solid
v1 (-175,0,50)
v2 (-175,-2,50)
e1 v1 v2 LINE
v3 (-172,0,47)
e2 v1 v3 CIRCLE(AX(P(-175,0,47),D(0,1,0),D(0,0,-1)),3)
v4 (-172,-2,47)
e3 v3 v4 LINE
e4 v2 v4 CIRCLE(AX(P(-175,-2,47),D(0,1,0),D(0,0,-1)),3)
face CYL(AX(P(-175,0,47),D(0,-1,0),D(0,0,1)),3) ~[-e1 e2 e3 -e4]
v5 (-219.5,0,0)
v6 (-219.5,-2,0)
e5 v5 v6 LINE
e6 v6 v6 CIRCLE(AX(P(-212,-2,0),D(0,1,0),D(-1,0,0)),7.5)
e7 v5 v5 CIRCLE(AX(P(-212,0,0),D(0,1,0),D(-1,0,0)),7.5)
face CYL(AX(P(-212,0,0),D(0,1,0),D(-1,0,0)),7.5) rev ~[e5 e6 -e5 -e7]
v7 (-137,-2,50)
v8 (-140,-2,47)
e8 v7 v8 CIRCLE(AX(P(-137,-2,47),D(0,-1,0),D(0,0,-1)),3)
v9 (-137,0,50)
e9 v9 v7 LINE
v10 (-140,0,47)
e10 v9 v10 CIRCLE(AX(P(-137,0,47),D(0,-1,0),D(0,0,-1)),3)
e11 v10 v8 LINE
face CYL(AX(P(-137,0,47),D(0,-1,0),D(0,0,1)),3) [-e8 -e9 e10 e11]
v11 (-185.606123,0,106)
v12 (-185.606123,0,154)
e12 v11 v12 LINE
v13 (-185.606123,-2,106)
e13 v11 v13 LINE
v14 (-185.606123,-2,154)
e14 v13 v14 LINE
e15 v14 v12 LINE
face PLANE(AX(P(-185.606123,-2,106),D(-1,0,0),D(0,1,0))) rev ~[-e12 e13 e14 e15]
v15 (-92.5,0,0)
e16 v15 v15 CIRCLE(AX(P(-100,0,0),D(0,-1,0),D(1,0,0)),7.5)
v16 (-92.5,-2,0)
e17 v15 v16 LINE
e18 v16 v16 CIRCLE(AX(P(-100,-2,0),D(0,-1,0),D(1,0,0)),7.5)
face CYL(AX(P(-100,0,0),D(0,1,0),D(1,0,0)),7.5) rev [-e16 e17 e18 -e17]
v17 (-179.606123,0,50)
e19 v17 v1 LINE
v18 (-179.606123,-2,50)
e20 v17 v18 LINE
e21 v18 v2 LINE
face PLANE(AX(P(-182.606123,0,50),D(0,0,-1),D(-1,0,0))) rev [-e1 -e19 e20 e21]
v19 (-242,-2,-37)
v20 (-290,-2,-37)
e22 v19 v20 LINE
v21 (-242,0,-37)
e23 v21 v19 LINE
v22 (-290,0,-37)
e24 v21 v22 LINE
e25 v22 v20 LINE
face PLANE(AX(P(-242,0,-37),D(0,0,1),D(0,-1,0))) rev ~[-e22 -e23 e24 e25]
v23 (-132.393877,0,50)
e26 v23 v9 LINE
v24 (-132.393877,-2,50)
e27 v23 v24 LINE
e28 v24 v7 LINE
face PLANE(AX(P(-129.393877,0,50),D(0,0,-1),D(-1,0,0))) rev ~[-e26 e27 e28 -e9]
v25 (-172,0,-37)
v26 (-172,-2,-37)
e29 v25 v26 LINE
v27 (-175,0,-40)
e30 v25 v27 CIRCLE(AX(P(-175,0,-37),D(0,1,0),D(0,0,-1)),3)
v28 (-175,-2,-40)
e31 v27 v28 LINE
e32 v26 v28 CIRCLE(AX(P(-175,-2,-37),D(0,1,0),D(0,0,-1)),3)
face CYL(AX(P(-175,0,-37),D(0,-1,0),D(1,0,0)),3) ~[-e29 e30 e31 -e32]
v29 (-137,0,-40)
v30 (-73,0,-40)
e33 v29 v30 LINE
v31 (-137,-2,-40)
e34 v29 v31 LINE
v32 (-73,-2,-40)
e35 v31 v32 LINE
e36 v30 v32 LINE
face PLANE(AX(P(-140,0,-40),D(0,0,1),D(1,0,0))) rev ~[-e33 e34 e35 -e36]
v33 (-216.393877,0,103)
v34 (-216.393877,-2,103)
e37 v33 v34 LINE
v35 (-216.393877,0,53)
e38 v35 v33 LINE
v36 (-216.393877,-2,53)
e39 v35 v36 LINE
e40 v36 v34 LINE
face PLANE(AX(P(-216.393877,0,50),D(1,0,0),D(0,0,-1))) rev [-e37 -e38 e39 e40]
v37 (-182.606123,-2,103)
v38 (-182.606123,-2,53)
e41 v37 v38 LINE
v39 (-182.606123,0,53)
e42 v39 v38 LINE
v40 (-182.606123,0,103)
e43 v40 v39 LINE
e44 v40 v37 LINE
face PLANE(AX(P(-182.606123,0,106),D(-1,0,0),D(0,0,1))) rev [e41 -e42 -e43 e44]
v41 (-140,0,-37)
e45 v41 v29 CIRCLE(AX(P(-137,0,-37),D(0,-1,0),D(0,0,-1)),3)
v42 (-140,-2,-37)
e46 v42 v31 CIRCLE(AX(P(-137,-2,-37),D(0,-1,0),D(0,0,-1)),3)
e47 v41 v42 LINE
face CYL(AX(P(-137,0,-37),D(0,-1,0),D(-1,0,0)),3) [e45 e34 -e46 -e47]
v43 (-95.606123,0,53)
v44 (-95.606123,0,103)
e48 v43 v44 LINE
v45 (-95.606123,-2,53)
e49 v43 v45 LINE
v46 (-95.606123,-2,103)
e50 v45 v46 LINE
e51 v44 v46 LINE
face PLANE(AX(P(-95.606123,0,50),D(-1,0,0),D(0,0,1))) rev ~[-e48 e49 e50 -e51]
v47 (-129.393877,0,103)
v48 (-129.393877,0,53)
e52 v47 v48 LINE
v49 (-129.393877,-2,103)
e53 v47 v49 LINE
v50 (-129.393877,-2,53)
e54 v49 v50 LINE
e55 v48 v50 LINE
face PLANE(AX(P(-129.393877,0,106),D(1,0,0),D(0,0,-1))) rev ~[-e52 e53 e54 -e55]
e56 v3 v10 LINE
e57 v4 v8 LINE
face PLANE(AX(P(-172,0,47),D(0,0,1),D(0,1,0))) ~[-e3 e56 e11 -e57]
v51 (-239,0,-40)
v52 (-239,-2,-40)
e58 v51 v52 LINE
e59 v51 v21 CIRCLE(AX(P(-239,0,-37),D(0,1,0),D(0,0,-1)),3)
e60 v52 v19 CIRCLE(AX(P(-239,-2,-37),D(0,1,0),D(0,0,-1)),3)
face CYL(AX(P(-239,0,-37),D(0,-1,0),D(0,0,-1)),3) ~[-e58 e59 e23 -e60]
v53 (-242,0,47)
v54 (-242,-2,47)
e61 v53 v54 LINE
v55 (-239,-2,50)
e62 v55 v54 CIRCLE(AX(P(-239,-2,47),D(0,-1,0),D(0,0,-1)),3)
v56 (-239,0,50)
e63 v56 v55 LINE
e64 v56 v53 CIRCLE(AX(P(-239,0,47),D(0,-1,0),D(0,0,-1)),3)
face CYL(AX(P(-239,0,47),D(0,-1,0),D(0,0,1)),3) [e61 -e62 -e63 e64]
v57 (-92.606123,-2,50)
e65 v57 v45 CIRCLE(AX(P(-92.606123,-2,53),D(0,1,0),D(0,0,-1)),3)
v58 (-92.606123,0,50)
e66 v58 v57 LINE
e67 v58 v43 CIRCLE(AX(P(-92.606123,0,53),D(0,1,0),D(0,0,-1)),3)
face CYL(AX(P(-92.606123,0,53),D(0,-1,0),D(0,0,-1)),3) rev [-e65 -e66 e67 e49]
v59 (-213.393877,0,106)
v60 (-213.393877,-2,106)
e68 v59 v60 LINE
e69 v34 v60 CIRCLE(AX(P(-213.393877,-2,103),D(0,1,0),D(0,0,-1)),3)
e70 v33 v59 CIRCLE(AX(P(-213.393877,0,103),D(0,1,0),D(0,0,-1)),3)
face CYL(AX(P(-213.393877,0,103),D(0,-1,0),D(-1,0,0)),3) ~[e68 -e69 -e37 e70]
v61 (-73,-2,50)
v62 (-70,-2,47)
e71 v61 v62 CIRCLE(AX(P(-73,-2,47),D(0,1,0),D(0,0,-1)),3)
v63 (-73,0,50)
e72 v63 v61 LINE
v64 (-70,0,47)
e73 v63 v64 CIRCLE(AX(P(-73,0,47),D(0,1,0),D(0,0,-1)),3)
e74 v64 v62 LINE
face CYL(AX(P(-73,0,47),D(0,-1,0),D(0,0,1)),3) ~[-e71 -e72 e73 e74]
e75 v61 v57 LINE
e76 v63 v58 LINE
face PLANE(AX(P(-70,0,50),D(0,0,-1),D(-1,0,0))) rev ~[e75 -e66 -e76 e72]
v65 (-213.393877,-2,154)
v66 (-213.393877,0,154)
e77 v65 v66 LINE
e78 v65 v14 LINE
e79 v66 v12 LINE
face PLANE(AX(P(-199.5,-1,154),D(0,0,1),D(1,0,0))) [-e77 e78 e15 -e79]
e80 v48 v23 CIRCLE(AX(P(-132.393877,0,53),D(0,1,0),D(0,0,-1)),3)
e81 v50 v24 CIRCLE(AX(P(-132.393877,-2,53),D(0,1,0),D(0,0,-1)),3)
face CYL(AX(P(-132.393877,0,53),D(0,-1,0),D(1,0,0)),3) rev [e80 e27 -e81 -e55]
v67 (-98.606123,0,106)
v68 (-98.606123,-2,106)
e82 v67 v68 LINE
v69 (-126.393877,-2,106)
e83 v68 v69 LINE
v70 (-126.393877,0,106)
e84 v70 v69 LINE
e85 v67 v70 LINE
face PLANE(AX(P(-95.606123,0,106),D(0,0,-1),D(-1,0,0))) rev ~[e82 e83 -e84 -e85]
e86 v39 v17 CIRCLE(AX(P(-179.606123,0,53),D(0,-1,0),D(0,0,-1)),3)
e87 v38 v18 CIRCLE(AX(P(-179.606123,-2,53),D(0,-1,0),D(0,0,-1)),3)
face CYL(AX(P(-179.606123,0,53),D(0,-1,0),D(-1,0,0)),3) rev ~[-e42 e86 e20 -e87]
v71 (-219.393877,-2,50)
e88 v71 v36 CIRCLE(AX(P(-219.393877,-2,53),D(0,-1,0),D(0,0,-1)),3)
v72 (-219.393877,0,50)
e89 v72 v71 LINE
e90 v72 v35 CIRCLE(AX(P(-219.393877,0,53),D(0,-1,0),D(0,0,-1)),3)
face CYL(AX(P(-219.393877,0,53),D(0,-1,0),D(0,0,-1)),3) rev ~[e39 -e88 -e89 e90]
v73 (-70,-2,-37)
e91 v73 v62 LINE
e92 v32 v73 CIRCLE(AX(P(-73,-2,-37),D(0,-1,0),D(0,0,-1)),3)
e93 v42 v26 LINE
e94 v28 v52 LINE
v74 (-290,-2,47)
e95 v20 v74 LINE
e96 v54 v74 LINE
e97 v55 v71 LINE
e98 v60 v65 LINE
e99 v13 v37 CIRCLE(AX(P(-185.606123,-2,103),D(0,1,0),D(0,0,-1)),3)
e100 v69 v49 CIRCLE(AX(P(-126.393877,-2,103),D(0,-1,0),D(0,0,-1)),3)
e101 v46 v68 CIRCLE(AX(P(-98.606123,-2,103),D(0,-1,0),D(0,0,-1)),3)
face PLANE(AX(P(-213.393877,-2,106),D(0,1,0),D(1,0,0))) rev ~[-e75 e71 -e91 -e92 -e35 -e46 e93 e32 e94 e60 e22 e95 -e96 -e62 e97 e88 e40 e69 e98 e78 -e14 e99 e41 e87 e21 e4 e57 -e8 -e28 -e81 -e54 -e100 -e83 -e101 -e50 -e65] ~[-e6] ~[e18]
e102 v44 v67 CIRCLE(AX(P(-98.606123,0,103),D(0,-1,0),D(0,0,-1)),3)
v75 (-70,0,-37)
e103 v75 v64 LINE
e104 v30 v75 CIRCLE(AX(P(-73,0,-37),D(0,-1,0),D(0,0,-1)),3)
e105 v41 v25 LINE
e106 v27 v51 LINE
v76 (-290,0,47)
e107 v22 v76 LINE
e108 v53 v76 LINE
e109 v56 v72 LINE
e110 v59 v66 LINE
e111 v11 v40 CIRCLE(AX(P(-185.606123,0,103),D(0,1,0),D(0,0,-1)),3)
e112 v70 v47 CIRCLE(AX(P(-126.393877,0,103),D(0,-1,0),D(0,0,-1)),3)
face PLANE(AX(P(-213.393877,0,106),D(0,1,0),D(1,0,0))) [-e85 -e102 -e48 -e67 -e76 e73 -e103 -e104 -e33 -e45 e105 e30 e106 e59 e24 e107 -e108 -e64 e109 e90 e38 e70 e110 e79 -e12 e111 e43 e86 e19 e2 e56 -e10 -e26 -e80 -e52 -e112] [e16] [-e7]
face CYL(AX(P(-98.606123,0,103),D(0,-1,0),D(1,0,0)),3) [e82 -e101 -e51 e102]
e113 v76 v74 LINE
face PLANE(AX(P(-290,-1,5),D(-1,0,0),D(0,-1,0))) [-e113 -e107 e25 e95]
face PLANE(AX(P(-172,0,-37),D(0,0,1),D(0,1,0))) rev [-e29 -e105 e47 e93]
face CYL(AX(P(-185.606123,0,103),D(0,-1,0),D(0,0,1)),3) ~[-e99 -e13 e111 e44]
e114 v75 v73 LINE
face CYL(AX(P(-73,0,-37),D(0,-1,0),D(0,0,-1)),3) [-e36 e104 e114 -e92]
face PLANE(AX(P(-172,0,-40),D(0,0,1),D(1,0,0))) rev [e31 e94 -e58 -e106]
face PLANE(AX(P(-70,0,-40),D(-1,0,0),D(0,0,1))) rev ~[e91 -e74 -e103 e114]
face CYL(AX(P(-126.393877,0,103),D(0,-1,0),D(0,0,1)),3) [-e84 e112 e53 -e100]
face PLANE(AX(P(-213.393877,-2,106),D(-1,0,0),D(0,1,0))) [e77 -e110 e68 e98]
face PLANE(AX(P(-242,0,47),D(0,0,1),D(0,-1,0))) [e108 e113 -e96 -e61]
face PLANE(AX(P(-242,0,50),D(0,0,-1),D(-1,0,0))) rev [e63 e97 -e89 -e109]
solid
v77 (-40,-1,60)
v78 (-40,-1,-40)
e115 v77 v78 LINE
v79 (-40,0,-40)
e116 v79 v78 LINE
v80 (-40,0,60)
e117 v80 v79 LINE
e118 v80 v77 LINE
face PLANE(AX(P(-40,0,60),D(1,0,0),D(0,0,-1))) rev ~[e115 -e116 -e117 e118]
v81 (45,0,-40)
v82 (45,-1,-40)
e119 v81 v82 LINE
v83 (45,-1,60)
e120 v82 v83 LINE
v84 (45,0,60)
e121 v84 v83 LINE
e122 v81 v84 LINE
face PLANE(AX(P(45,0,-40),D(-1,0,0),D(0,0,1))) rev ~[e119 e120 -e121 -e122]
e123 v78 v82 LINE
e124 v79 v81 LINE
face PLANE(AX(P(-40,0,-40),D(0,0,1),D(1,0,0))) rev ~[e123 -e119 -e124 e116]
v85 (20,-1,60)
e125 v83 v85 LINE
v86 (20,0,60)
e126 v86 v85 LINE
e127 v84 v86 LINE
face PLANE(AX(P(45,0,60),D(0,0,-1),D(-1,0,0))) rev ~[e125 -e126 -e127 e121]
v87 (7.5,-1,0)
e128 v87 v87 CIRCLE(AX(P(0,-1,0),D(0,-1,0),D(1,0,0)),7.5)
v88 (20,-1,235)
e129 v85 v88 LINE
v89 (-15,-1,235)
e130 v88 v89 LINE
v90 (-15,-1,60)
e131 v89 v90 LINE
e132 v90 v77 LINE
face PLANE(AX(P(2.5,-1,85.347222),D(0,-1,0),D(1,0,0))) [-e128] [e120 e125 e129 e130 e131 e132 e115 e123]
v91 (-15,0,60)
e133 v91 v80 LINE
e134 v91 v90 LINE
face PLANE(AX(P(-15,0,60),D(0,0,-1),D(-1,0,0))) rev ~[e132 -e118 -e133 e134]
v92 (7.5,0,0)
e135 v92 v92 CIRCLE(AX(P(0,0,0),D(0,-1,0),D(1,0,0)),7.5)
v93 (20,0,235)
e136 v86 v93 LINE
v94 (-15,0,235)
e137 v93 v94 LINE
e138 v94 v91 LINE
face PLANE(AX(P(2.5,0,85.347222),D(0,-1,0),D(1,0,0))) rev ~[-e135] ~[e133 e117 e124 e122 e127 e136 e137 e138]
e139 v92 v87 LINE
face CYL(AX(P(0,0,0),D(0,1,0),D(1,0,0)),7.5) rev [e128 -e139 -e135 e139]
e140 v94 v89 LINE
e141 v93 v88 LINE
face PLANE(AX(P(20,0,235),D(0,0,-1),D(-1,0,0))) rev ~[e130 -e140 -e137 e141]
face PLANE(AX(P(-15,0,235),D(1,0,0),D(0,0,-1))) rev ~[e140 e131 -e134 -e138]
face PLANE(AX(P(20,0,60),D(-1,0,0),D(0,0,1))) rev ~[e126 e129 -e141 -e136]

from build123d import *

# Parameters (mm, degrees)
F0_R      = 7.5
F1_DEPTH  = 1
F2_R      = 7.5
F2_W      = 19
F2_H      = 48
F2_H_2    = 20
F3_DEPTH  = 2
F4_R      = 3
F5_W      = 2
F5_H      = 84
F6_DEPTH  = 16
F8_W      = 2
F8_H      = 84
F9_DEPTH  = 48
F10_W     = 27.787754
F10_H     = 2
F11_DEPTH = 48


with BuildPart() as f1:
    # F0 (on Front) → F1 (new body)
    with BuildSketch(Plane.XZ):
        Polygon((45, 60), (20, 60), (20, 235), (-15, 235), (-15, 60), (-40, 60), (-40, -40), (45, -40), align=None)
        Circle(F0_R, mode=Mode.SUBTRACT)
    extrude(amount=F1_DEPTH)


with BuildPart() as f3:
    # F2 (on Front) → F3 (new body)
    with BuildSketch(Plane.XZ):
        Polygon((-103, 50), (-103, 30), (-122, 30), (-122, 50), (-129.393877, 50), (-140, 50), (-140, -40), (-70, -40), (-70, 50), (-95.606123, 50), align=None)
        with Locations((-100, 0)):
            Circle(F2_R, mode=Mode.SUBTRACT)
        Polygon((-103, 98), (-103, 50), (-95.606123, 50), (-95.606123, 106), (-129.393877, 106), (-129.393877, 50), (-122, 50), (-122, 98), align=None)
        with Locations((-112.5, 74)):
            Rectangle(F2_W, F2_H)
        with Locations((-112.5, 40)):
            Rectangle(F2_W, F2_H_2)
    extrude(amount=F3_DEPTH)

    # F4
    f4_edges = [f3.edges().sort_by_distance(p)[0] for p in [
        (-129.393877, -1, 50),
        (-129.393877, -1, 106),
        (-95.606123, -1, 106),
        (-95.606123, -1, 50),
        (-70, -1, 50),
        (-140, -1, 50),
        (-140, -1, -40),
        (-70, -1, -40),
    ]]
    fillet(f4_edges, radius=F4_R)

    # F5 (on face) → F6 (join)
    with BuildSketch(Plane(origin=(-140, 0, 0), x_dir=(0, -1, 0), z_dir=(-1, 0, 0))):
        with Locations((1, 5)):
            Rectangle(F5_W, F5_H)
    extrude(amount=F6_DEPTH)

    # F7: F3 across face


with BuildPart() as f3_1:
    add(f3.part)
    add(f3.part.mirror(Plane(origin=(-156, -1, 5), x_dir=(0, -1, 0), z_dir=(-1, 0, 0))))

    # F8 (on face) → F9 (join)
    with BuildSketch(Plane(origin=(-242, 0, 0), x_dir=(0, -1, 0), z_dir=(-1, 0, 0))):
        with Locations((1, 5)):
            Rectangle(F8_W, F8_H)
    extrude(amount=F9_DEPTH)

    # F10 (on face) → F11 (join)
    with BuildSketch(Plane.XY.offset(106)):
        with Locations((-199.5, -1)):
            Rectangle(F10_W, F10_H)
    extrude(amount=F11_DEPTH)


solid = Compound([f1.part, f3_1.part])
